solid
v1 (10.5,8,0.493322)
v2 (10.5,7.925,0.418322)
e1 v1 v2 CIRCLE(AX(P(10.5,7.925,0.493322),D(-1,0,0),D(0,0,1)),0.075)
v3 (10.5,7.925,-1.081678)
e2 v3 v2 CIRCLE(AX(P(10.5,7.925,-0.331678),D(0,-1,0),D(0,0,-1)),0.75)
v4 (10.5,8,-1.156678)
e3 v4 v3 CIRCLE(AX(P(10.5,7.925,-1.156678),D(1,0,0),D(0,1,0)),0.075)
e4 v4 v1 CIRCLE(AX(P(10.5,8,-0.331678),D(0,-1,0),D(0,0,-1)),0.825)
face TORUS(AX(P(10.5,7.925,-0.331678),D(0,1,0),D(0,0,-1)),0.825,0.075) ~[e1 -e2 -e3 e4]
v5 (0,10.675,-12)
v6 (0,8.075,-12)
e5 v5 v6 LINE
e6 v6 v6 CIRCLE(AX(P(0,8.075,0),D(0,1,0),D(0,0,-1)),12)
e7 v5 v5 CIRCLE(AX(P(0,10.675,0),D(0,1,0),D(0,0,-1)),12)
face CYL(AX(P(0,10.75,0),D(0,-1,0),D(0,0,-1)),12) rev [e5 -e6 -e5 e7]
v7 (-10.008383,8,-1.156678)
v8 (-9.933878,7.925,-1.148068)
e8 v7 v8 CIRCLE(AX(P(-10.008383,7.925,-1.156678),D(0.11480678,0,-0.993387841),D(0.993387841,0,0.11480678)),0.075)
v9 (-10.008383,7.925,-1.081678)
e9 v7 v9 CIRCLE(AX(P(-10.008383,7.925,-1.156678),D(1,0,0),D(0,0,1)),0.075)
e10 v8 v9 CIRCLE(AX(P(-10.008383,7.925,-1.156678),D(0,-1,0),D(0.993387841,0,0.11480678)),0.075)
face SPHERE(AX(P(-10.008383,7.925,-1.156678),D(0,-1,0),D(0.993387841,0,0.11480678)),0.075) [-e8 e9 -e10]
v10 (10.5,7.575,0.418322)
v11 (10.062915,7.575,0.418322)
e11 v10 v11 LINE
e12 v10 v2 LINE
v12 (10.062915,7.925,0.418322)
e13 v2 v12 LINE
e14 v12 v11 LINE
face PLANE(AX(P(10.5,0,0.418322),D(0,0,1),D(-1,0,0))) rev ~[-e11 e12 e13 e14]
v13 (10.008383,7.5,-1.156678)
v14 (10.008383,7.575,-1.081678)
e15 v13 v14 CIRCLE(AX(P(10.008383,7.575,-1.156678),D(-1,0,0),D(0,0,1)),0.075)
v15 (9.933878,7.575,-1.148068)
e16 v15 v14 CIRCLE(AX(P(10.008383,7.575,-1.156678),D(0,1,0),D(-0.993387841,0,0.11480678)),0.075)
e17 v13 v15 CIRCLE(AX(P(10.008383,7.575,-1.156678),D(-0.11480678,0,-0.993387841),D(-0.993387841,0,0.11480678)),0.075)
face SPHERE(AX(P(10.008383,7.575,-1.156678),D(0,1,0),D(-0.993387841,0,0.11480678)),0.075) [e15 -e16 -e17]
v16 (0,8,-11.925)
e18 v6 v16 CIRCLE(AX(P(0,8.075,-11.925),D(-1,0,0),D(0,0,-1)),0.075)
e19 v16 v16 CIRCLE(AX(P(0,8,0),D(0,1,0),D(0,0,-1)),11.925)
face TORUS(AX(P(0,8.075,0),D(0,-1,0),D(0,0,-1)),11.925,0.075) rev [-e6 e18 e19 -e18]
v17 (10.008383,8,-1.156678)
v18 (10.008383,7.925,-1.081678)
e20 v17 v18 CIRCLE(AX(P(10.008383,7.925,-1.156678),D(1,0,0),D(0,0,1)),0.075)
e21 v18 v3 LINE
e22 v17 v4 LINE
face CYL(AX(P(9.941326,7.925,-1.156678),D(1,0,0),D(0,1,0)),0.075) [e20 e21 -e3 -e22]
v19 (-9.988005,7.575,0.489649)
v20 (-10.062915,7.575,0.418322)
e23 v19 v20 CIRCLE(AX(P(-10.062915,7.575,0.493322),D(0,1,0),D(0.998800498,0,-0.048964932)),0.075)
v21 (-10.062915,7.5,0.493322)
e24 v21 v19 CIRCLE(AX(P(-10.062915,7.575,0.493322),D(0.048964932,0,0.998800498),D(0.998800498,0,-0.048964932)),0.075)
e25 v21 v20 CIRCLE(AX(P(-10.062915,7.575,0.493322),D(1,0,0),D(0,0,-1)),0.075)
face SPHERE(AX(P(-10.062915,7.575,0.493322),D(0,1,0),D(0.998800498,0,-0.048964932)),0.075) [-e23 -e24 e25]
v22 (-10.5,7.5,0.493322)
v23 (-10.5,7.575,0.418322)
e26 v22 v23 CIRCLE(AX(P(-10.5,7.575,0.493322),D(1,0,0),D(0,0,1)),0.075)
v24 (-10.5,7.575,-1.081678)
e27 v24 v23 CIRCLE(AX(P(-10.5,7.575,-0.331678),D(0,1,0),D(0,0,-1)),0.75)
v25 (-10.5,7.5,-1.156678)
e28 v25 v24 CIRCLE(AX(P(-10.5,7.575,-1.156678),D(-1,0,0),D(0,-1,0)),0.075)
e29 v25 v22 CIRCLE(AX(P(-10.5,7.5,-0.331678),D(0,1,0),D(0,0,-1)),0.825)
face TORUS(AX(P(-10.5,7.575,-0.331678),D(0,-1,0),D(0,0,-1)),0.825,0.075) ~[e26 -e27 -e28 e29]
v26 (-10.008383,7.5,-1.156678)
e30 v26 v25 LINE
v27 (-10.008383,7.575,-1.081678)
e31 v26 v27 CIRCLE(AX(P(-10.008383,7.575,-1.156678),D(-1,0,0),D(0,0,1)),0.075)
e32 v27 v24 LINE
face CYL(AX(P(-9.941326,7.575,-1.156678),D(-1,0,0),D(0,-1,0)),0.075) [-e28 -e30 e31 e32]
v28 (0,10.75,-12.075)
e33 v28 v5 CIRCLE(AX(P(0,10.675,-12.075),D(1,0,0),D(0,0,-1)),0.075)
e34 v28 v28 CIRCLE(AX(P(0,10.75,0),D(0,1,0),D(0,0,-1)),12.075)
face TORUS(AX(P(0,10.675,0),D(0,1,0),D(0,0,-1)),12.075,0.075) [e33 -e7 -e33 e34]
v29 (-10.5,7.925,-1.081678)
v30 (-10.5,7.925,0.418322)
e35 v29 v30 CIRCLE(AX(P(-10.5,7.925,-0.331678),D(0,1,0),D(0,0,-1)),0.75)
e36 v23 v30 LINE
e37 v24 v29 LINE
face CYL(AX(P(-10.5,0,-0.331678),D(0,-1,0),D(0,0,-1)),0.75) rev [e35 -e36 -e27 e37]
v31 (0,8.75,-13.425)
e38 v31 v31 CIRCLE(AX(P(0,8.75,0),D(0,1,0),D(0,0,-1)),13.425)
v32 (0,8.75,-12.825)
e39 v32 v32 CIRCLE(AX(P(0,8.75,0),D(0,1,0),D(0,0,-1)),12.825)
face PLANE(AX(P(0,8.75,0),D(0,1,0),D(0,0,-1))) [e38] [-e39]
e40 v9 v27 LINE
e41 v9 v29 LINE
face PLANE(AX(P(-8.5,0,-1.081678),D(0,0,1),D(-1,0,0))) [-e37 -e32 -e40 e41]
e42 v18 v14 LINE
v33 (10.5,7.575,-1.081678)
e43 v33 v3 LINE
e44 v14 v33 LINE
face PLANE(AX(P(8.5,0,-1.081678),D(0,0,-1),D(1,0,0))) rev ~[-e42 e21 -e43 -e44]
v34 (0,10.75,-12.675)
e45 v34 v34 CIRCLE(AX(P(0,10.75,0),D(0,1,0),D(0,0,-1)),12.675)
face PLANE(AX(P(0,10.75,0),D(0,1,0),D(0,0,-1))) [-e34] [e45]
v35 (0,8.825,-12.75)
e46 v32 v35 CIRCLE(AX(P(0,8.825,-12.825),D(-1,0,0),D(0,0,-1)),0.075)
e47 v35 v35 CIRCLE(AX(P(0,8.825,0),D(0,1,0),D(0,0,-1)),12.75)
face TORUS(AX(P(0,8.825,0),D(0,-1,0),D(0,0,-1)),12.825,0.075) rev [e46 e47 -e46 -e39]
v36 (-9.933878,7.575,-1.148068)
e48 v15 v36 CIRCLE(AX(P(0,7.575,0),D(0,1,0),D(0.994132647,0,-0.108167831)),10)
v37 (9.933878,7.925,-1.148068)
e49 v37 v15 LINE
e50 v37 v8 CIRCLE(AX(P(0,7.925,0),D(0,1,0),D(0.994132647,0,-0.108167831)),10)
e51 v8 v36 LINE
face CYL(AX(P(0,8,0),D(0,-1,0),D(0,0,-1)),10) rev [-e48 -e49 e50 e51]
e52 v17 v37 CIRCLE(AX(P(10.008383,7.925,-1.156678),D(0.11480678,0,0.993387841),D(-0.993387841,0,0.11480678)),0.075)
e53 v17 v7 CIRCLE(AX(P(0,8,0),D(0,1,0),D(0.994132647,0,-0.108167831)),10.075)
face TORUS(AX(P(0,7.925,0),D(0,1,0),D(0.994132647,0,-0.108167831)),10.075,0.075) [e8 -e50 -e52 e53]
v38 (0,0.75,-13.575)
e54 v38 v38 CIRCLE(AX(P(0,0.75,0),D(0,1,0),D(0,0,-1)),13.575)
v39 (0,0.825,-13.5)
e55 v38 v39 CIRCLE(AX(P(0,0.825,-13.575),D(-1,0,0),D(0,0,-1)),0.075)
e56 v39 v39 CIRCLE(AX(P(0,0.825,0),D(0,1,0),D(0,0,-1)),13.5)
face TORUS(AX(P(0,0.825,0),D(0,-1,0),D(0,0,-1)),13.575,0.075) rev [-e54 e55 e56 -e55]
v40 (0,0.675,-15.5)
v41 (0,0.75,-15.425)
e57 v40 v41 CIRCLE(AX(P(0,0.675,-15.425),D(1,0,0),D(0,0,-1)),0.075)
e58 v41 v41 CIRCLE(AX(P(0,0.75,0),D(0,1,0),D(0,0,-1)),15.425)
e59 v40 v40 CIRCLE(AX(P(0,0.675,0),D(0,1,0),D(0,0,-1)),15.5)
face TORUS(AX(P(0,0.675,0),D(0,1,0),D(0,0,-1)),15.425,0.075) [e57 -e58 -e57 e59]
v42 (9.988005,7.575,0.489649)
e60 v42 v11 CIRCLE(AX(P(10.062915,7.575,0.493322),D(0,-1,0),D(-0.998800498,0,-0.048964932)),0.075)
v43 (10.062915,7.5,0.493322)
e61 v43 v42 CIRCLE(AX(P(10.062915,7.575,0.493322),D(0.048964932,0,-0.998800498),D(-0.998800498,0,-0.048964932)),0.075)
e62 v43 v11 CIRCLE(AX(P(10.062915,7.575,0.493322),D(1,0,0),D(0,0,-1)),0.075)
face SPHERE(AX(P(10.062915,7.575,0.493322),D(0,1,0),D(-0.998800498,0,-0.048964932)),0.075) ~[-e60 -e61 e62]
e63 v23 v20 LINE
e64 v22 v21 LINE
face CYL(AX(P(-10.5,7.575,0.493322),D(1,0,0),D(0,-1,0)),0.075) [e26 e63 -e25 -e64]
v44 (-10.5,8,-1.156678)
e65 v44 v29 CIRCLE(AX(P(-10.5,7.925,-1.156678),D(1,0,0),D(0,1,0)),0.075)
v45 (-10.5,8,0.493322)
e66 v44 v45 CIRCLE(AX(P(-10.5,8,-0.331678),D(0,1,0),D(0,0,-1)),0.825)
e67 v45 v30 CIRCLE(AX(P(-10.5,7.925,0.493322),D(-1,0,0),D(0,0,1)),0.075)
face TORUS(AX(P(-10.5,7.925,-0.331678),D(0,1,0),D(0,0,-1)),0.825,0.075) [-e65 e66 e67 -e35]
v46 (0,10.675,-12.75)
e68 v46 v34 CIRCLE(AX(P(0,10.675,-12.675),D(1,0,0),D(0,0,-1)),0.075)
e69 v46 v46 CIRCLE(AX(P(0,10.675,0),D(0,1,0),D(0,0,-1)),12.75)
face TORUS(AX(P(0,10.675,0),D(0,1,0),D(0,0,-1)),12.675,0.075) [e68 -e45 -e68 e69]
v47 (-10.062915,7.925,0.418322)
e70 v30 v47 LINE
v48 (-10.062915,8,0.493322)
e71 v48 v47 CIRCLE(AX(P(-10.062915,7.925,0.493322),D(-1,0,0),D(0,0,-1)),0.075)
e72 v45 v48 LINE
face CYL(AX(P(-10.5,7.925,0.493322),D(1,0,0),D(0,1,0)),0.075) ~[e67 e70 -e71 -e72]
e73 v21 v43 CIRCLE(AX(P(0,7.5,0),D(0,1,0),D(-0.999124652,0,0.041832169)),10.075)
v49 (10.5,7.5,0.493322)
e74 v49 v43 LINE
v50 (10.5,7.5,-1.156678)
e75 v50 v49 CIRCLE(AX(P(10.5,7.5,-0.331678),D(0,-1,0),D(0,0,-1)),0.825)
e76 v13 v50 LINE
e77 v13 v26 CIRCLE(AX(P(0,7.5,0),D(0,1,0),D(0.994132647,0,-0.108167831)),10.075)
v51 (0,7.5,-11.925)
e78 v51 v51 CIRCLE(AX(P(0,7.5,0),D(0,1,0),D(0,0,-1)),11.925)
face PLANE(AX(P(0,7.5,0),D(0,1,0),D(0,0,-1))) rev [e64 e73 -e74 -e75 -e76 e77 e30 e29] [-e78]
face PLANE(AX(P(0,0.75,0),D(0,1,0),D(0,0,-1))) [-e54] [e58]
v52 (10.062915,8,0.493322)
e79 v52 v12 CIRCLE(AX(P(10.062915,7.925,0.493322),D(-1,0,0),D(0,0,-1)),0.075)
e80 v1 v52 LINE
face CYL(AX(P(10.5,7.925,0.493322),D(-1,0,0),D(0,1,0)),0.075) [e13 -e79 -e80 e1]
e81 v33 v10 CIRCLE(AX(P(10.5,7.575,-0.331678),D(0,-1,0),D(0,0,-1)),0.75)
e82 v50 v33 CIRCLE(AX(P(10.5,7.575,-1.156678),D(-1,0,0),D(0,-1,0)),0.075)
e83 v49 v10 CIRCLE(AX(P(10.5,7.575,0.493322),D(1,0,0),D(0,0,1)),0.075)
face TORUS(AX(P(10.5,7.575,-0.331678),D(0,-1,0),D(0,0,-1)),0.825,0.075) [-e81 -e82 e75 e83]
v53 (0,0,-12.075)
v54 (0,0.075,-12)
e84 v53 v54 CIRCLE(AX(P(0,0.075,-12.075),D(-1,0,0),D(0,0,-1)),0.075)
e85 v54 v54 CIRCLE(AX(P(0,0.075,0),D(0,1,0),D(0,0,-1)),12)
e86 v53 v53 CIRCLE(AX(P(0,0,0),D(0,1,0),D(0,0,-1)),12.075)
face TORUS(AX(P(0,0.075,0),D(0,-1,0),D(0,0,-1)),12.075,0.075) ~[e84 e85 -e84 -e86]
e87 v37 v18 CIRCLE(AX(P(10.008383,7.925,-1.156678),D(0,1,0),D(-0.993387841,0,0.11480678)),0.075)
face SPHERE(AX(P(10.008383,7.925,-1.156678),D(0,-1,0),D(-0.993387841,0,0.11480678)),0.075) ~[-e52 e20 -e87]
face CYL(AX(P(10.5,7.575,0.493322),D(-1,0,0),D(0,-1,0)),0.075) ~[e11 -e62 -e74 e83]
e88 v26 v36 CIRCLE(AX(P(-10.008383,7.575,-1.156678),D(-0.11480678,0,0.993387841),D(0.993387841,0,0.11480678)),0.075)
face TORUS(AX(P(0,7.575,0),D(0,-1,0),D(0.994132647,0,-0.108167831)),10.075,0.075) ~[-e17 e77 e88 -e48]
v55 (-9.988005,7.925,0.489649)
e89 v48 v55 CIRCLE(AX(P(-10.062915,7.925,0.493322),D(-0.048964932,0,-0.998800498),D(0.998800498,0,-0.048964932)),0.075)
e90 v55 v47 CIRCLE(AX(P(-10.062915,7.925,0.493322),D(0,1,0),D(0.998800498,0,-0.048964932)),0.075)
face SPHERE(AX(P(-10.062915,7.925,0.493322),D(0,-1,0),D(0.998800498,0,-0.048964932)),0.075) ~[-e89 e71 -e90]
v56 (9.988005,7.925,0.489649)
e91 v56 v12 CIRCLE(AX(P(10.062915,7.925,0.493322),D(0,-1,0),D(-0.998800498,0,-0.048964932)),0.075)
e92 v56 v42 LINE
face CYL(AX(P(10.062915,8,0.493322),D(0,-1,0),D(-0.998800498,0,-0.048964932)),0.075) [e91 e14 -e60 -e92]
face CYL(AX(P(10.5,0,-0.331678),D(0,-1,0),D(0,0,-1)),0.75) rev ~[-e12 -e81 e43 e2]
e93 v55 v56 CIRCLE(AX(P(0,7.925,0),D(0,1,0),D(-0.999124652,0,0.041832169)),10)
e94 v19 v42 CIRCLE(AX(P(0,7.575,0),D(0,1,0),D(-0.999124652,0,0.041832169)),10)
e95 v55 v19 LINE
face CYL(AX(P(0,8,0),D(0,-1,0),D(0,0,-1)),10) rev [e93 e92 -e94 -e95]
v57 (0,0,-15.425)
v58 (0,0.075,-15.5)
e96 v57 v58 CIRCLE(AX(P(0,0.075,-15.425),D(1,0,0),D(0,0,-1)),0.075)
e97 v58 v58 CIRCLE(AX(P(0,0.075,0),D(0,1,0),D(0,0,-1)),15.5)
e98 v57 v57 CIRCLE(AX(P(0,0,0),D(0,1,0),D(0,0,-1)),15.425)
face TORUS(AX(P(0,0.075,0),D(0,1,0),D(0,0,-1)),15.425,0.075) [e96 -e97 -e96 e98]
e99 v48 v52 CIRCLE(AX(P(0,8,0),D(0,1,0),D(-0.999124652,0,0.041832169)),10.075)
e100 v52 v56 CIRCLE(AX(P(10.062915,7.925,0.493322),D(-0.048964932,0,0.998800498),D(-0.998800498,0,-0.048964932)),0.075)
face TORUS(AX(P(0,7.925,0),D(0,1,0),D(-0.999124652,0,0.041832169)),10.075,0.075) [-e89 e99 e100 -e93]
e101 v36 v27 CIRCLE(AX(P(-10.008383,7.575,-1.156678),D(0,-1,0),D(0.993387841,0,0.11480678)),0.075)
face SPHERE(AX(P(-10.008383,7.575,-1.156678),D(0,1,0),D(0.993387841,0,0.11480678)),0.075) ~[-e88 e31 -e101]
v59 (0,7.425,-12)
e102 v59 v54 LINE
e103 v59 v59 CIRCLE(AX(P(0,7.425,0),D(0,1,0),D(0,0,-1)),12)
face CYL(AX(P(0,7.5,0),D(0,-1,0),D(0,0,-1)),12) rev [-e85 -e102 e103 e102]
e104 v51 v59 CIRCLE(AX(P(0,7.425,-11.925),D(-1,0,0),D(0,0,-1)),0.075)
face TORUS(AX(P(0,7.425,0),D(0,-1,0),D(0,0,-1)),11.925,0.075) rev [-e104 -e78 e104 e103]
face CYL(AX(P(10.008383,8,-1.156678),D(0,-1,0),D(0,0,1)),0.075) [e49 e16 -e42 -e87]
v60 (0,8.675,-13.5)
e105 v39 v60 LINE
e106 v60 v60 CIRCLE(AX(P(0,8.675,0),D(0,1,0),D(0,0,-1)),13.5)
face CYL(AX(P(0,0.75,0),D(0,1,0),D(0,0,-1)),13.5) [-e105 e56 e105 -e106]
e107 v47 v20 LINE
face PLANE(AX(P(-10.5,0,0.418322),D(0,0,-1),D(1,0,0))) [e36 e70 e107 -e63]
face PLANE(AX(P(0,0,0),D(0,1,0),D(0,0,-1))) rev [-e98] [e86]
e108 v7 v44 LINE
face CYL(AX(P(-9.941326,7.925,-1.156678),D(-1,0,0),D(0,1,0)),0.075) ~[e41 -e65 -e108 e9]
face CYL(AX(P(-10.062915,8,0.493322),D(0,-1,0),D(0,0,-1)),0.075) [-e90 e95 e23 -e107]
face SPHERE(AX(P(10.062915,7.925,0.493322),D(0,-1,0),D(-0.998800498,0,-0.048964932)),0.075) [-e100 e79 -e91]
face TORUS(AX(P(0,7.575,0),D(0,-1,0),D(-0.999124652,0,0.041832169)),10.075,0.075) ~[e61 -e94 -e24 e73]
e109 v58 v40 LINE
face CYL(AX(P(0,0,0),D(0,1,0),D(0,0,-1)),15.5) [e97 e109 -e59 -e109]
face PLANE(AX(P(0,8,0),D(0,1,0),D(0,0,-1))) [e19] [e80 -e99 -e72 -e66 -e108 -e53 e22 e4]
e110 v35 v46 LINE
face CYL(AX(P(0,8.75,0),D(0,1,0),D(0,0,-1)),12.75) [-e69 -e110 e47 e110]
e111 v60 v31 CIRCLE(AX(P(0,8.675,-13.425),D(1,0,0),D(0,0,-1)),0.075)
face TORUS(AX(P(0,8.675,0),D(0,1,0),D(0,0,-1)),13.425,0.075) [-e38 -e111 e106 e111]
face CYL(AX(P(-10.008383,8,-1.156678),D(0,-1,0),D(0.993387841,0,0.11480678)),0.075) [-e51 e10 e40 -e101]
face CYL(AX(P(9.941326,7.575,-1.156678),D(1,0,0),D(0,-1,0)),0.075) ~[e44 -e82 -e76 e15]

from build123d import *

# Parameters (mm, degrees)
CUT_EXTRUDE1_DEPTH = 8
FILLET1_R          = 0.075


with BuildPart() as part:
    # Sketch1 → Revolve1 (revolve)
    with BuildSketch(Plane.XY, mode=Mode.PRIVATE) as revolve1_sk:
        Polygon((-12, 0), (-15.5, 0), (-15.5, 0.75), (-13.5, 0.75), (-13.5, 8.75), (-12.75, 8.75), (-12.75, 10.75), (-12, 10.75), (-12, 8), (-10, 8), (-10, 7.5), (-12, 7.5), align=None)
    revolve(revolve1_sk.sketch.rotate(Axis((0, 0, 0), (0, 1, 0)), 270), axis=Axis((0, 0, 0), (0, 1, 0)))

    # Sketch2 → Cut-Extrude1 (cut)
    with BuildSketch(Plane(origin=(0, 0, 0), x_dir=(1, 0, 0), z_dir=(0, 1, 0))):
        with BuildLine():
            Line((-8.5, -0.418321687), (-8.5, 1.081678313))
            Line((-8.5, 1.081678313), (-10.5, 1.081678313))
            ThreePointArc((-10.5, 1.081678313), (-11.25, 0.331678313), (-10.5, -0.418321687))
            Line((-10.5, -0.418321687), (-8.5, -0.418321687))
        make_face()
        with BuildLine():
            Line((10.5, -0.418321687), (8.5, -0.418321687))
            Line((8.5, -0.418321687), (8.5, 1.081678313))
            Line((8.5, 1.081678313), (10.5, 1.081678313))
            ThreePointArc((10.5, 1.081678313), (11.25, 0.331678313), (10.5, -0.418321687))
        make_face()
    extrude(amount=CUT_EXTRUDE1_DEPTH, mode=Mode.SUBTRACT)

    # Fillet1
    fillet1_edges = [part.edges().sort_by_distance(p)[0] for p in [
        (0, 8, 12),
        (0, 10.75, 12),
        (0, 10.75, 12.75),
        (0, 8.75, 12.75),
        (0, 8.75, 13.5),
        (0, 0.75, 13.5),
        (0, 0.75, 15.5),
        (0, 0, 15.5),
        (0, 0, 12),
        (0, 7.5, 10),
        (0, 7.5, -10),
        (11.25, 7.5, -0.331678313),
        (10.220663236, 7.5, -1.081678313),
        (10.245623259, 7.5, 0.418321687),
        (-10.245623259, 7.5, 0.418321687),
        (-11.25, 7.5, -0.331678313),
        (-10.220663236, 7.5, -1.081678313),
        (0, 8, 10),
        (0, 8, -10),
        (-11.25, 8, -0.331678313),
        (-10.220663236, 8, -1.081678313),
        (-10.245623259, 8, 0.418321687),
        (-9.941326472, 7.75, -1.081678313),
        (-9.991246517, 7.75, 0.418321687),
        (10.245623259, 8, 0.418321687),
        (10.220663236, 8, -1.081678313),
        (11.25, 8, -0.331678313),
        (9.991246517, 7.75, 0.418321687),
        (9.941326472, 7.75, -1.081678313),
        (0, 7.5, 12),
    ]]
    fillet(fillet1_edges, radius=FILLET1_R)


solid = part.part
